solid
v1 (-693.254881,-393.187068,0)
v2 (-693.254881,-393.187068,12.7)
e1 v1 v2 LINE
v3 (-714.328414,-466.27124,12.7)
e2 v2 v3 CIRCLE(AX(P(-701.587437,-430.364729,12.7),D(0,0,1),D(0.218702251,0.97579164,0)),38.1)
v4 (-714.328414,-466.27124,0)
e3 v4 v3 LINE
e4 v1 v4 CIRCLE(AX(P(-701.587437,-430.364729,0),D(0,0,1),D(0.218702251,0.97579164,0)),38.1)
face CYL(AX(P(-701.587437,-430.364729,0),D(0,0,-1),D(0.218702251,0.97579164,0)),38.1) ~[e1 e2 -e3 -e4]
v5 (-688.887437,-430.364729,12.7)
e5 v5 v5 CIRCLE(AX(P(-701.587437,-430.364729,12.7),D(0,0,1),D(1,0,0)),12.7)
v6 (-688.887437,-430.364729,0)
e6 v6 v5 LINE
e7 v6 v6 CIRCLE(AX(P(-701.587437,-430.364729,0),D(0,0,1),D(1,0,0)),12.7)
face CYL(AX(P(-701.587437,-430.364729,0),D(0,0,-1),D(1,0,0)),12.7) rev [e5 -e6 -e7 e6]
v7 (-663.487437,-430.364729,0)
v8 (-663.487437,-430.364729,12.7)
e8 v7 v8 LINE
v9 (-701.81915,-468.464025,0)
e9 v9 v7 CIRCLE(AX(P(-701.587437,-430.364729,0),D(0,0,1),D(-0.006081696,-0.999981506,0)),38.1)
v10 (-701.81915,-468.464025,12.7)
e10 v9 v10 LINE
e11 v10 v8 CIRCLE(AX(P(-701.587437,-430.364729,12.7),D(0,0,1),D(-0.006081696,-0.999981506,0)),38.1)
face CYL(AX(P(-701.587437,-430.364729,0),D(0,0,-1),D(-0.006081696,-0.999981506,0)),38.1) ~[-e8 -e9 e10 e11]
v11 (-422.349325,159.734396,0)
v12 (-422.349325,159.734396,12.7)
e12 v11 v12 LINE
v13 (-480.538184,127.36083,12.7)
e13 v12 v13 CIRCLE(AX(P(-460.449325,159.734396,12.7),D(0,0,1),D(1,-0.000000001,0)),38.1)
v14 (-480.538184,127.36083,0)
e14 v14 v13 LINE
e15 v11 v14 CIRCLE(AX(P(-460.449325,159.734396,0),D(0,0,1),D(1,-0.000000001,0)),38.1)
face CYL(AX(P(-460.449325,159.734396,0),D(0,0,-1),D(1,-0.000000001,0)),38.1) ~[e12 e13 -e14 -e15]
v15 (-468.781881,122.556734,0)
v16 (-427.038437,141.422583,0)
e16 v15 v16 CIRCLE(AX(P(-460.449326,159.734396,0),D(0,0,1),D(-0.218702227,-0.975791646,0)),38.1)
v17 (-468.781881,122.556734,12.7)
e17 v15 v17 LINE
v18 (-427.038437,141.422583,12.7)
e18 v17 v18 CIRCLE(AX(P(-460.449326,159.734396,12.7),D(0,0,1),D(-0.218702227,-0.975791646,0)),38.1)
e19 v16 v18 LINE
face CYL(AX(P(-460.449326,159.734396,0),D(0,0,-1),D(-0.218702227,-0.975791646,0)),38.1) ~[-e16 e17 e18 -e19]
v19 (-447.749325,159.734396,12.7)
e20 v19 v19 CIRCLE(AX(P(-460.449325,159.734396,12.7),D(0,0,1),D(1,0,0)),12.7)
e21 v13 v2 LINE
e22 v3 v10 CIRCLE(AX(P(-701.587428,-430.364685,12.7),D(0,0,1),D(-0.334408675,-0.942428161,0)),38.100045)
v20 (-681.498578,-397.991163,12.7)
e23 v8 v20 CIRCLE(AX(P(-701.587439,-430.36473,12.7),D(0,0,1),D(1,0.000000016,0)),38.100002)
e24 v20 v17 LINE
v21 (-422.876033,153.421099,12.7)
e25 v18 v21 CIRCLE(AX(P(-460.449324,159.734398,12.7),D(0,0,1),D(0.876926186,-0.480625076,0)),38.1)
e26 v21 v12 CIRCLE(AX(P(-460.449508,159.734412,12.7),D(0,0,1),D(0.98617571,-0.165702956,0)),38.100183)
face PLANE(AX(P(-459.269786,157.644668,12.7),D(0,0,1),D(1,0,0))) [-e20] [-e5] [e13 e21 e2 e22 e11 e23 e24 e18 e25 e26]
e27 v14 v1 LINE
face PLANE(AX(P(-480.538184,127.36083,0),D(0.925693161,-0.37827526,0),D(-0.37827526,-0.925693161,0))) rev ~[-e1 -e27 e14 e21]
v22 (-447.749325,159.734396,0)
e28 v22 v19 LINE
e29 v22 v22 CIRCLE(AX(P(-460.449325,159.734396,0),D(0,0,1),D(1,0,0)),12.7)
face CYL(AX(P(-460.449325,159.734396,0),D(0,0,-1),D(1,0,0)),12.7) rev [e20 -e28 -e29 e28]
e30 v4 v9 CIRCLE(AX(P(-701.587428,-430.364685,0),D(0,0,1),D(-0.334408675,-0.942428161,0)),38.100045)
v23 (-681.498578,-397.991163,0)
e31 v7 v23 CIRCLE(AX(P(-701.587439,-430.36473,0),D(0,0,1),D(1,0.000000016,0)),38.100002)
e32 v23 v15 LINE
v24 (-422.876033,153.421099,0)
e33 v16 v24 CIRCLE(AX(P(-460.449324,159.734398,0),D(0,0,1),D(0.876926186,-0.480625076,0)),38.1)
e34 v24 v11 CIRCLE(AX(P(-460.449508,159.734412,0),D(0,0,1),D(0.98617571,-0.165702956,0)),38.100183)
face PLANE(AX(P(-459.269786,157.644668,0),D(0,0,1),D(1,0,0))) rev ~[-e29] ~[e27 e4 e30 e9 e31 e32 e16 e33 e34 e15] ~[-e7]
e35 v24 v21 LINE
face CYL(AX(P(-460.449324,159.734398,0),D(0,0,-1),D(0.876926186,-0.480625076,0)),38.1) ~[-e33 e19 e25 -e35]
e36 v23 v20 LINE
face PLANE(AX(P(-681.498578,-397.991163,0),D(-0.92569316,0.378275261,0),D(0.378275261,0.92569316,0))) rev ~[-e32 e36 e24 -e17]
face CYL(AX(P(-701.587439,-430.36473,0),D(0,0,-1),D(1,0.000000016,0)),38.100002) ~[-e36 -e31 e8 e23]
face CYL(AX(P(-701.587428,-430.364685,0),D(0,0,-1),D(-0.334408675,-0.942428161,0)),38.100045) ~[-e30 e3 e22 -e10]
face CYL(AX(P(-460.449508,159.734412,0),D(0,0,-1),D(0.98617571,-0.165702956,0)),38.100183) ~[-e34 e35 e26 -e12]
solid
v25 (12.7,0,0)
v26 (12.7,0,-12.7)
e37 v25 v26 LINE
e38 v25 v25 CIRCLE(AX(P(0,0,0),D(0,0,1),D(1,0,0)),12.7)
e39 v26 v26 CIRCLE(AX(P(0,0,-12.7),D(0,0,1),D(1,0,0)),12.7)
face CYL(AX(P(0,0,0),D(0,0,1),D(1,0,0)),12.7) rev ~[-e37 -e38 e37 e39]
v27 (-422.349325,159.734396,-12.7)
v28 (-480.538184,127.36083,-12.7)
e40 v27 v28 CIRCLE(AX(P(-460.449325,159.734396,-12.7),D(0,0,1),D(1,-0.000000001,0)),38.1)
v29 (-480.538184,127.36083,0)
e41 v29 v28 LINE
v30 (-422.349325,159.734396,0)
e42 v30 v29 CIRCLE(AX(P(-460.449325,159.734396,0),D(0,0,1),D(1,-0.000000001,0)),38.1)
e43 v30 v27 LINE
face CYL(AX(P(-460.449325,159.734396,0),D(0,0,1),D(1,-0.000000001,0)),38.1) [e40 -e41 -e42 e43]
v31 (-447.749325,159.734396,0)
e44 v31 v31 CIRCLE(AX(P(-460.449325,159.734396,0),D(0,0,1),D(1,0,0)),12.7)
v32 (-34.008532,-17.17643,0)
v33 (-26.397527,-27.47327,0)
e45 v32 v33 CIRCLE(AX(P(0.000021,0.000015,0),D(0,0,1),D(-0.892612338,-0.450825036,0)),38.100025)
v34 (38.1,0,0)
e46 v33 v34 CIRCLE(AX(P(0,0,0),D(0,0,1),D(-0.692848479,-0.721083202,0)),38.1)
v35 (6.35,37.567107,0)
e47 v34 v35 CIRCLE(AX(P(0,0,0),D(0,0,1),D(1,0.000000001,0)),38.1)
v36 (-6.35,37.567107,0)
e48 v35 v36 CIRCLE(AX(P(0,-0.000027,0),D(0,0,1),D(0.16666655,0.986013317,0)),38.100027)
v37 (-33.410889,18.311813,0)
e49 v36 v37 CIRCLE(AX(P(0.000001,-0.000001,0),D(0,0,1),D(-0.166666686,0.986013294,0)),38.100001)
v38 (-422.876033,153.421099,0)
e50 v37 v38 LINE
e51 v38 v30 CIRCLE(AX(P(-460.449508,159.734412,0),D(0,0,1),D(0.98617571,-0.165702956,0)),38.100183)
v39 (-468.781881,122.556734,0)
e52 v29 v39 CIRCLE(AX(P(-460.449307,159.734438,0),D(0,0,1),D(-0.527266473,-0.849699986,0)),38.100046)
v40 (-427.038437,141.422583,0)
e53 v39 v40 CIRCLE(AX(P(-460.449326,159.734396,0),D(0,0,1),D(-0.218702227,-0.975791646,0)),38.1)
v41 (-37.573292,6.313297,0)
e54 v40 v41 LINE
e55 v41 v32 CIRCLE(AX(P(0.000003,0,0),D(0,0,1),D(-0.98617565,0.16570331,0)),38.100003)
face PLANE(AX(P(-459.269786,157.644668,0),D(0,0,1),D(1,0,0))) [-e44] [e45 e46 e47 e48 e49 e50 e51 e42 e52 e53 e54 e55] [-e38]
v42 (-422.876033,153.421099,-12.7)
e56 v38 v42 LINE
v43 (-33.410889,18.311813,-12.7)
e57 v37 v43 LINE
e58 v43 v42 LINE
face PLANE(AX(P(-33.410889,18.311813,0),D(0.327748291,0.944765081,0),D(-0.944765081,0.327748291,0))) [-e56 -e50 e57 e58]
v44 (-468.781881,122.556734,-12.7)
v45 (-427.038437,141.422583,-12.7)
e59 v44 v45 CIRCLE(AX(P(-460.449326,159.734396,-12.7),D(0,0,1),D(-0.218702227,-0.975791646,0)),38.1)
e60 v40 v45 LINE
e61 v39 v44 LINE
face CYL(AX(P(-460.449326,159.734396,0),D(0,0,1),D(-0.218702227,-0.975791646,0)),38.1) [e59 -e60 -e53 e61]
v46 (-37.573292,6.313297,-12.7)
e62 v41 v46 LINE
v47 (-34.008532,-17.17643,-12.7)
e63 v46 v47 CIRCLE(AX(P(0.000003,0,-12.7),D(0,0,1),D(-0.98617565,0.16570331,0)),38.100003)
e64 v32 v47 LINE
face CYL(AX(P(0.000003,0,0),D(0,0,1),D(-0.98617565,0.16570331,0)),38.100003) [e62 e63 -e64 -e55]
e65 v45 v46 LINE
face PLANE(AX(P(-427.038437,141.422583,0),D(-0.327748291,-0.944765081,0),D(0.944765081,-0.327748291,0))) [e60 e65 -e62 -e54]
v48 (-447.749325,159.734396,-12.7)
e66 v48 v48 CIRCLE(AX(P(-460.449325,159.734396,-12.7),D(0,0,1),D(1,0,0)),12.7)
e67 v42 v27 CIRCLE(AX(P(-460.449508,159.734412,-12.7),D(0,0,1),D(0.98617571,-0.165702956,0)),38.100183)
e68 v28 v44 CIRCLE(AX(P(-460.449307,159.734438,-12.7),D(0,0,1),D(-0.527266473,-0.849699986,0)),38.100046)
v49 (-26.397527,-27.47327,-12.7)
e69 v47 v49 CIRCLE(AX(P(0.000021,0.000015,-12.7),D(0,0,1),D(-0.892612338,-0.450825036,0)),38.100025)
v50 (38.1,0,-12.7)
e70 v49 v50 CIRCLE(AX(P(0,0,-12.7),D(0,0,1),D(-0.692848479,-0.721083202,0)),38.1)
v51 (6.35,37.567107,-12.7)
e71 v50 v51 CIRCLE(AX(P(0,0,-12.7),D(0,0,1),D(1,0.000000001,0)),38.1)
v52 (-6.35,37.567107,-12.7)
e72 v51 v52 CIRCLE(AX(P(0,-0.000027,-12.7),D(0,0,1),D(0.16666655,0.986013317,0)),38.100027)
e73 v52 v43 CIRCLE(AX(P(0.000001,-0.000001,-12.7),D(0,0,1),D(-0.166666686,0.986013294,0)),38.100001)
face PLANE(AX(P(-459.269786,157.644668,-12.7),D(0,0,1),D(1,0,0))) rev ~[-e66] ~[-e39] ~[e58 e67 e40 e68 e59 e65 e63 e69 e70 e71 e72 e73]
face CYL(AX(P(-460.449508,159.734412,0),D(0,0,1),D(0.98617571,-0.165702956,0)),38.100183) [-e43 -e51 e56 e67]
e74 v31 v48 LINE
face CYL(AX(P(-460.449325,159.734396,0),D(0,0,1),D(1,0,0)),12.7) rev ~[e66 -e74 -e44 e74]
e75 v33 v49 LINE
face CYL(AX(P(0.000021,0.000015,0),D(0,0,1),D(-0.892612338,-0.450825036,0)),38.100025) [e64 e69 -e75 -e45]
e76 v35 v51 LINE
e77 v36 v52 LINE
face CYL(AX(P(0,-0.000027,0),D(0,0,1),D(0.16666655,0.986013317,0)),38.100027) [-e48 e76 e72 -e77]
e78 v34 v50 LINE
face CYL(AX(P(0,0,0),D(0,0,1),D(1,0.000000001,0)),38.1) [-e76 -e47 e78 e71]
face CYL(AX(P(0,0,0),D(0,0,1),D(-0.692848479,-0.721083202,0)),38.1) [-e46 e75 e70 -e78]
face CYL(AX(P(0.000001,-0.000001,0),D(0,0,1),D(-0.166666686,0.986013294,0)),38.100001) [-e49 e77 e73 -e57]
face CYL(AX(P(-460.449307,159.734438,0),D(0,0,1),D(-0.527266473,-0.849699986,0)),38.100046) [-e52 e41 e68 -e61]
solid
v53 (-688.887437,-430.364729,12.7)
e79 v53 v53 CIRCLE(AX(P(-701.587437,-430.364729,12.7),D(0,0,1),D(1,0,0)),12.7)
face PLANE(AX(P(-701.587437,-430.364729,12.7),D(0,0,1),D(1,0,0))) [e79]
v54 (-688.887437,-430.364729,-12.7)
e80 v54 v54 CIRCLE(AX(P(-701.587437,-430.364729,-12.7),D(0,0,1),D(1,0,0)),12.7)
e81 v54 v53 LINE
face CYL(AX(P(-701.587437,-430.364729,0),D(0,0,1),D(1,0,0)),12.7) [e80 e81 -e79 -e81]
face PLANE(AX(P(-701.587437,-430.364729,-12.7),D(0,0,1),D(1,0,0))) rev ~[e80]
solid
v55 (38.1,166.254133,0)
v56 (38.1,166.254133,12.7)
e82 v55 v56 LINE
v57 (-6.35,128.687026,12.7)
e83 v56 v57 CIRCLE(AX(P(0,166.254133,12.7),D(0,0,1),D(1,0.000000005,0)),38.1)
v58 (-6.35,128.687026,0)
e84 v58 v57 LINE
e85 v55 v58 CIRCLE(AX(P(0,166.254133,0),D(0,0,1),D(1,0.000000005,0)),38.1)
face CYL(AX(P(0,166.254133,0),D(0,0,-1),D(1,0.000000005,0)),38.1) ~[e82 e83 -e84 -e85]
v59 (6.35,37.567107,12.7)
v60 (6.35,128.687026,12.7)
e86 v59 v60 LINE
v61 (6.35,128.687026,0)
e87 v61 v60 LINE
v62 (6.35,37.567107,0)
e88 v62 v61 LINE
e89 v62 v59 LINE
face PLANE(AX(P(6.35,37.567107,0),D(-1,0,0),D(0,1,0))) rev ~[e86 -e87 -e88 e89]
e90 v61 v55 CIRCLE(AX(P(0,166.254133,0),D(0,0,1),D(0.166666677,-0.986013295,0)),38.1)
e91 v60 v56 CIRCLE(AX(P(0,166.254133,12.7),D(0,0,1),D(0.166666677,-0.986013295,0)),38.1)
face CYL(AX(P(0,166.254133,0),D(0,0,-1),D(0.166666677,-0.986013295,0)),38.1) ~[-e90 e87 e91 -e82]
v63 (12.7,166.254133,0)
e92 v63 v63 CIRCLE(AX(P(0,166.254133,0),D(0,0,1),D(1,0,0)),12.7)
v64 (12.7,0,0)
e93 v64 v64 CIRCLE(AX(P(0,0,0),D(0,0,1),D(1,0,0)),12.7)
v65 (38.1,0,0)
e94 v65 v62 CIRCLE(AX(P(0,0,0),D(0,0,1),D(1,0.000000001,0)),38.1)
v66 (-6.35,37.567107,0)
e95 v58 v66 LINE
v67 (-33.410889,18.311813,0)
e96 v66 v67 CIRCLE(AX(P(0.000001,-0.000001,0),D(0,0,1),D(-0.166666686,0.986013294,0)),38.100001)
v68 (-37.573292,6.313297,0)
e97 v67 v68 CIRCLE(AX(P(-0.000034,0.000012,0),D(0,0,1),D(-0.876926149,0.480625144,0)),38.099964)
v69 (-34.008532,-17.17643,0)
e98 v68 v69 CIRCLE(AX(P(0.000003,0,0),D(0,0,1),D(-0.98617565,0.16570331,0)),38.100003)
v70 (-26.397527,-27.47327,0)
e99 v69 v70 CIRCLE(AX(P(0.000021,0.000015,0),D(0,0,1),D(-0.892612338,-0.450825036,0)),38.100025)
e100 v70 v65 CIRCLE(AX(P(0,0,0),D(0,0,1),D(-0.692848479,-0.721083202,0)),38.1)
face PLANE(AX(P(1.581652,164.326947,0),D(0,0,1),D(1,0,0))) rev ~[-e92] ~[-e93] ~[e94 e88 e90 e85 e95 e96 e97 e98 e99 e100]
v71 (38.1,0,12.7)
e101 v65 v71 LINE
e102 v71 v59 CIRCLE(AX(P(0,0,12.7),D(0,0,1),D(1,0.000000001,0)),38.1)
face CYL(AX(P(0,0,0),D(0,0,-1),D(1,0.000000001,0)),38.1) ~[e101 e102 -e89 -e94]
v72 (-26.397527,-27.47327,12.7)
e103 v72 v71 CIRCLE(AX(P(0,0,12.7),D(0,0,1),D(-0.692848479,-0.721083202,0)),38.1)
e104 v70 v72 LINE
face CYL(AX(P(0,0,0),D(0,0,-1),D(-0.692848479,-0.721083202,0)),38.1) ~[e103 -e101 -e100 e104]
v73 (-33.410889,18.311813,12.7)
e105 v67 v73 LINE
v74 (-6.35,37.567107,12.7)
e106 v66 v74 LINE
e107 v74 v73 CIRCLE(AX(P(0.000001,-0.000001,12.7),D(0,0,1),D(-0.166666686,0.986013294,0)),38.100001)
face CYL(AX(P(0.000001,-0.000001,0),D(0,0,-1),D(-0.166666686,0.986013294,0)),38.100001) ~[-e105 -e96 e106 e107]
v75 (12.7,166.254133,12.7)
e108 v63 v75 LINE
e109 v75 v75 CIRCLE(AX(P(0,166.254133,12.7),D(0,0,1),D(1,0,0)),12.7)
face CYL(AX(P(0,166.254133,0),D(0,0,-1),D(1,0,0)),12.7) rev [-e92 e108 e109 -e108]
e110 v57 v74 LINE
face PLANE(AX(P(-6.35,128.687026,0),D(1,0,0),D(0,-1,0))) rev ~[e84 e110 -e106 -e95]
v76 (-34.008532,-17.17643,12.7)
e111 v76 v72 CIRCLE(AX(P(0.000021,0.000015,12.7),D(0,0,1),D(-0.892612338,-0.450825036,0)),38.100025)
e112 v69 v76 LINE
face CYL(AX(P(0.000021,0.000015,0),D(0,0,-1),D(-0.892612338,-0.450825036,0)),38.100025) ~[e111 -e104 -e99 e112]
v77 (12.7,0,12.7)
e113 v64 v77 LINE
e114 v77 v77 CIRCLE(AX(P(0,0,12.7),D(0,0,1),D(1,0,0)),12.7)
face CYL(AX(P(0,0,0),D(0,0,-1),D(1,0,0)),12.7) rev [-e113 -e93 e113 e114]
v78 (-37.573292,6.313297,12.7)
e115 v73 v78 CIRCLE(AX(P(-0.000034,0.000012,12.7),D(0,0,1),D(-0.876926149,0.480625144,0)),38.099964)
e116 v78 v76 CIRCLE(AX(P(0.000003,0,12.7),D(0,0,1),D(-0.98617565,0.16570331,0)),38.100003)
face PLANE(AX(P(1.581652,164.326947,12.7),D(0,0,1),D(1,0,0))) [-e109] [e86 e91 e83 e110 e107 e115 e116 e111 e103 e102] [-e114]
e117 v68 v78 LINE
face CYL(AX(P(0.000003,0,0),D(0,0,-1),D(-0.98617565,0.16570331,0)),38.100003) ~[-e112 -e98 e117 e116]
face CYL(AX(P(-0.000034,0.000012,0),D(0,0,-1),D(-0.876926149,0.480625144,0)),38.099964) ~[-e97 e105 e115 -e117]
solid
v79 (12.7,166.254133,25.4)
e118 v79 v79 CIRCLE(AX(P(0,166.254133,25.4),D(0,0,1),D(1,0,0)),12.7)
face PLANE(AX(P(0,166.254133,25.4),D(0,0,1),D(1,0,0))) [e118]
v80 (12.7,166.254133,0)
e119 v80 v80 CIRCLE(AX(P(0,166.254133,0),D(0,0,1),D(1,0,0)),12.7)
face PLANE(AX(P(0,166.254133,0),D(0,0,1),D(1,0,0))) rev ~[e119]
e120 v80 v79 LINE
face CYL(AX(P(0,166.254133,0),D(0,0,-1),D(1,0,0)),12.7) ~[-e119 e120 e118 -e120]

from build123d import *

# Parameters (mm, degrees)
F0_R          = 12.7
F1_DEPTH      = 12.7
F2_DEPTH      = 25.4
F3_DEPTH      = 12.7
F4_DEPTH      = 12.7
F5_DEPTH      = 12.7
F5_DEPTH_BACK = 12.7


with BuildPart() as f1:
    # F0 (on Top) → F1 (new body)
    with BuildSketch(Plane.XY):
        with BuildLine():
            ThreePointArc((-6.35, 128.687026), (0, 128.154133), (6.35, 128.687026))
            ThreePointArc((6.35, 128.687026), (29.099356, 141.660689), (38.1, 166.254133))
            ThreePointArc((38.1, 166.254133), (-24.593444, 195.353489), (-6.35, 128.687026))
        make_face()
        with Locations((0, 166.254133)):
            Circle(F0_R, mode=Mode.SUBTRACT)
        with BuildLine():
            ThreePointArc((-6.35, 37.567107), (0, 38.1), (6.35, 37.567107))
            Line((6.35, 37.567107), (6.35, 128.687026))
            ThreePointArc((6.35, 128.687026), (0, 128.154133), (-6.35, 128.687026))
            Line((-6.35, 128.687026), (-6.35, 37.567107))
        make_face()
        with BuildLine():
            ThreePointArc((-26.397527, -27.47327), (14.930911, -35.052502), (38.1, 0))
            ThreePointArc((38.1, 0), (29.099356, 24.593444), (6.35, 37.567107))
            ThreePointArc((6.35, 37.567107), (0, 38.1), (-6.35, 37.567107))
            ThreePointArc((-6.35, 37.567107), (-22.088994, 31.043298), (-33.410889, 18.311813))
            ThreePointArc((-33.410889, 18.311813), (-35.99555, 12.48721), (-37.573292, 6.313297))
            ThreePointArc((-37.573292, 6.313297), (-37.668703, -5.716537), (-34.008532, -17.17643))
            ThreePointArc((-34.008532, -17.17643), (-30.638688, -22.646871), (-26.397527, -27.47327))
        make_face()
        Circle(F0_R, mode=Mode.SUBTRACT)
    extrude(amount=F1_DEPTH)


with BuildPart() as f2:
    # F0 (on Top) → F2 (new body)
    with BuildSketch(Plane.XY):
        with Locations((0, 166.254133)):
            Circle(F0_R)
    extrude(amount=F2_DEPTH)


with BuildPart() as f3:
    # F0 (on Top) → F3 (new body)
    with BuildSketch(Plane.XY):
        with BuildLine():
            ThreePointArc((-427.038437, 141.422583), (-424.453776, 147.247186), (-422.876033, 153.421099))
            ThreePointArc((-422.876033, 153.421099), (-422.481231, 156.566781), (-422.349325, 159.734396))
            ThreePointArc((-422.349325, 159.734396), (-478.972615, 193.028506), (-480.538184, 127.36083))
            ThreePointArc((-480.538184, 127.36083), (-474.861613, 124.465487), (-468.781881, 122.556734))
            ThreePointArc((-468.781881, 122.556734), (-444.758221, 125.015536), (-427.038437, 141.422583))
        make_face()
        with Locations((-460.449325, 159.734396)):
            Circle(F0_R, mode=Mode.SUBTRACT)
        with BuildLine():
            ThreePointArc((-37.573292, 6.313297), (-35.99555, 12.48721), (-33.410889, 18.311813))
            Line((-33.410889, 18.311813), (-422.876033, 153.421099))
            ThreePointArc((-422.876033, 153.421099), (-424.453776, 147.247186), (-427.038437, 141.422583))
            Line((-427.038437, 141.422583), (-37.573292, 6.313297))
        make_face()
        with BuildLine():
            ThreePointArc((-26.397527, -27.47327), (14.930911, -35.052502), (38.1, 0))
            ThreePointArc((38.1, 0), (29.099356, 24.593444), (6.35, 37.567107))
            ThreePointArc((6.35, 37.567107), (0, 38.1), (-6.35, 37.567107))
            ThreePointArc((-6.35, 37.567107), (-22.088994, 31.043298), (-33.410889, 18.311813))
            ThreePointArc((-33.410889, 18.311813), (-35.99555, 12.48721), (-37.573292, 6.313297))
            ThreePointArc((-37.573292, 6.313297), (-37.668703, -5.716537), (-34.008532, -17.17643))
            ThreePointArc((-34.008532, -17.17643), (-30.638688, -22.646871), (-26.397527, -27.47327))
        make_face()
        Circle(F0_R, mode=Mode.SUBTRACT)
    extrude(amount=-F3_DEPTH)


with BuildPart() as f4:
    # F0 (on Top) → F4 (new body)
    with BuildSketch(Plane.XY):
        with BuildLine():
            ThreePointArc((-427.038437, 141.422583), (-424.453776, 147.247186), (-422.876033, 153.421099))
            ThreePointArc((-422.876033, 153.421099), (-422.481231, 156.566781), (-422.349325, 159.734396))
            ThreePointArc((-422.349325, 159.734396), (-478.972615, 193.028506), (-480.538184, 127.36083))
            ThreePointArc((-480.538184, 127.36083), (-474.861613, 124.465487), (-468.781881, 122.556734))
            ThreePointArc((-468.781881, 122.556734), (-444.758221, 125.015536), (-427.038437, 141.422583))
        make_face()
        with Locations((-460.449325, 159.734396)):
            Circle(F0_R, mode=Mode.SUBTRACT)
        with BuildLine():
            Line((-681.498578, -397.991163), (-468.781881, 122.556734))
            ThreePointArc((-468.781881, 122.556734), (-474.861613, 124.465487), (-480.538184, 127.36083))
            Line((-480.538184, 127.36083), (-693.254881, -393.187068))
            ThreePointArc((-693.254881, -393.187068), (-687.175149, -395.09582), (-681.498578, -397.991163))
        make_face()
        with BuildLine():
            ThreePointArc((-714.328414, -466.27124), (-708.165791, -467.892522), (-701.81915, -468.464025))
            ThreePointArc((-701.81915, -468.464025), (-674.728716, -457.387296), (-663.487437, -430.364729))
            ThreePointArc((-663.487437, -430.364729), (-668.293327, -411.84144), (-681.498578, -397.991163))
            ThreePointArc((-681.498578, -397.991163), (-687.175149, -395.09582), (-693.254881, -393.187068))
            ThreePointArc((-693.254881, -393.187068), (-738.195941, -419.808811), (-714.328414, -466.27124))
        make_face()
        with Locations((-701.587437, -430.364729)):
            Circle(F0_R, mode=Mode.SUBTRACT)
    extrude(amount=F4_DEPTH)


with BuildPart() as f5:
    # F0 (on Top) → F5 (new body, two sides)
    with BuildSketch(Plane.XY) as f5_sk:
        with Locations((-701.587437, -430.364729)):
            Circle(F0_R)
    extrude(amount=F5_DEPTH)
    extrude(f5_sk.sketch, amount=-F5_DEPTH_BACK)


solid = Compound([f1.part, f2.part, f3.part, f4.part, f5.part])
